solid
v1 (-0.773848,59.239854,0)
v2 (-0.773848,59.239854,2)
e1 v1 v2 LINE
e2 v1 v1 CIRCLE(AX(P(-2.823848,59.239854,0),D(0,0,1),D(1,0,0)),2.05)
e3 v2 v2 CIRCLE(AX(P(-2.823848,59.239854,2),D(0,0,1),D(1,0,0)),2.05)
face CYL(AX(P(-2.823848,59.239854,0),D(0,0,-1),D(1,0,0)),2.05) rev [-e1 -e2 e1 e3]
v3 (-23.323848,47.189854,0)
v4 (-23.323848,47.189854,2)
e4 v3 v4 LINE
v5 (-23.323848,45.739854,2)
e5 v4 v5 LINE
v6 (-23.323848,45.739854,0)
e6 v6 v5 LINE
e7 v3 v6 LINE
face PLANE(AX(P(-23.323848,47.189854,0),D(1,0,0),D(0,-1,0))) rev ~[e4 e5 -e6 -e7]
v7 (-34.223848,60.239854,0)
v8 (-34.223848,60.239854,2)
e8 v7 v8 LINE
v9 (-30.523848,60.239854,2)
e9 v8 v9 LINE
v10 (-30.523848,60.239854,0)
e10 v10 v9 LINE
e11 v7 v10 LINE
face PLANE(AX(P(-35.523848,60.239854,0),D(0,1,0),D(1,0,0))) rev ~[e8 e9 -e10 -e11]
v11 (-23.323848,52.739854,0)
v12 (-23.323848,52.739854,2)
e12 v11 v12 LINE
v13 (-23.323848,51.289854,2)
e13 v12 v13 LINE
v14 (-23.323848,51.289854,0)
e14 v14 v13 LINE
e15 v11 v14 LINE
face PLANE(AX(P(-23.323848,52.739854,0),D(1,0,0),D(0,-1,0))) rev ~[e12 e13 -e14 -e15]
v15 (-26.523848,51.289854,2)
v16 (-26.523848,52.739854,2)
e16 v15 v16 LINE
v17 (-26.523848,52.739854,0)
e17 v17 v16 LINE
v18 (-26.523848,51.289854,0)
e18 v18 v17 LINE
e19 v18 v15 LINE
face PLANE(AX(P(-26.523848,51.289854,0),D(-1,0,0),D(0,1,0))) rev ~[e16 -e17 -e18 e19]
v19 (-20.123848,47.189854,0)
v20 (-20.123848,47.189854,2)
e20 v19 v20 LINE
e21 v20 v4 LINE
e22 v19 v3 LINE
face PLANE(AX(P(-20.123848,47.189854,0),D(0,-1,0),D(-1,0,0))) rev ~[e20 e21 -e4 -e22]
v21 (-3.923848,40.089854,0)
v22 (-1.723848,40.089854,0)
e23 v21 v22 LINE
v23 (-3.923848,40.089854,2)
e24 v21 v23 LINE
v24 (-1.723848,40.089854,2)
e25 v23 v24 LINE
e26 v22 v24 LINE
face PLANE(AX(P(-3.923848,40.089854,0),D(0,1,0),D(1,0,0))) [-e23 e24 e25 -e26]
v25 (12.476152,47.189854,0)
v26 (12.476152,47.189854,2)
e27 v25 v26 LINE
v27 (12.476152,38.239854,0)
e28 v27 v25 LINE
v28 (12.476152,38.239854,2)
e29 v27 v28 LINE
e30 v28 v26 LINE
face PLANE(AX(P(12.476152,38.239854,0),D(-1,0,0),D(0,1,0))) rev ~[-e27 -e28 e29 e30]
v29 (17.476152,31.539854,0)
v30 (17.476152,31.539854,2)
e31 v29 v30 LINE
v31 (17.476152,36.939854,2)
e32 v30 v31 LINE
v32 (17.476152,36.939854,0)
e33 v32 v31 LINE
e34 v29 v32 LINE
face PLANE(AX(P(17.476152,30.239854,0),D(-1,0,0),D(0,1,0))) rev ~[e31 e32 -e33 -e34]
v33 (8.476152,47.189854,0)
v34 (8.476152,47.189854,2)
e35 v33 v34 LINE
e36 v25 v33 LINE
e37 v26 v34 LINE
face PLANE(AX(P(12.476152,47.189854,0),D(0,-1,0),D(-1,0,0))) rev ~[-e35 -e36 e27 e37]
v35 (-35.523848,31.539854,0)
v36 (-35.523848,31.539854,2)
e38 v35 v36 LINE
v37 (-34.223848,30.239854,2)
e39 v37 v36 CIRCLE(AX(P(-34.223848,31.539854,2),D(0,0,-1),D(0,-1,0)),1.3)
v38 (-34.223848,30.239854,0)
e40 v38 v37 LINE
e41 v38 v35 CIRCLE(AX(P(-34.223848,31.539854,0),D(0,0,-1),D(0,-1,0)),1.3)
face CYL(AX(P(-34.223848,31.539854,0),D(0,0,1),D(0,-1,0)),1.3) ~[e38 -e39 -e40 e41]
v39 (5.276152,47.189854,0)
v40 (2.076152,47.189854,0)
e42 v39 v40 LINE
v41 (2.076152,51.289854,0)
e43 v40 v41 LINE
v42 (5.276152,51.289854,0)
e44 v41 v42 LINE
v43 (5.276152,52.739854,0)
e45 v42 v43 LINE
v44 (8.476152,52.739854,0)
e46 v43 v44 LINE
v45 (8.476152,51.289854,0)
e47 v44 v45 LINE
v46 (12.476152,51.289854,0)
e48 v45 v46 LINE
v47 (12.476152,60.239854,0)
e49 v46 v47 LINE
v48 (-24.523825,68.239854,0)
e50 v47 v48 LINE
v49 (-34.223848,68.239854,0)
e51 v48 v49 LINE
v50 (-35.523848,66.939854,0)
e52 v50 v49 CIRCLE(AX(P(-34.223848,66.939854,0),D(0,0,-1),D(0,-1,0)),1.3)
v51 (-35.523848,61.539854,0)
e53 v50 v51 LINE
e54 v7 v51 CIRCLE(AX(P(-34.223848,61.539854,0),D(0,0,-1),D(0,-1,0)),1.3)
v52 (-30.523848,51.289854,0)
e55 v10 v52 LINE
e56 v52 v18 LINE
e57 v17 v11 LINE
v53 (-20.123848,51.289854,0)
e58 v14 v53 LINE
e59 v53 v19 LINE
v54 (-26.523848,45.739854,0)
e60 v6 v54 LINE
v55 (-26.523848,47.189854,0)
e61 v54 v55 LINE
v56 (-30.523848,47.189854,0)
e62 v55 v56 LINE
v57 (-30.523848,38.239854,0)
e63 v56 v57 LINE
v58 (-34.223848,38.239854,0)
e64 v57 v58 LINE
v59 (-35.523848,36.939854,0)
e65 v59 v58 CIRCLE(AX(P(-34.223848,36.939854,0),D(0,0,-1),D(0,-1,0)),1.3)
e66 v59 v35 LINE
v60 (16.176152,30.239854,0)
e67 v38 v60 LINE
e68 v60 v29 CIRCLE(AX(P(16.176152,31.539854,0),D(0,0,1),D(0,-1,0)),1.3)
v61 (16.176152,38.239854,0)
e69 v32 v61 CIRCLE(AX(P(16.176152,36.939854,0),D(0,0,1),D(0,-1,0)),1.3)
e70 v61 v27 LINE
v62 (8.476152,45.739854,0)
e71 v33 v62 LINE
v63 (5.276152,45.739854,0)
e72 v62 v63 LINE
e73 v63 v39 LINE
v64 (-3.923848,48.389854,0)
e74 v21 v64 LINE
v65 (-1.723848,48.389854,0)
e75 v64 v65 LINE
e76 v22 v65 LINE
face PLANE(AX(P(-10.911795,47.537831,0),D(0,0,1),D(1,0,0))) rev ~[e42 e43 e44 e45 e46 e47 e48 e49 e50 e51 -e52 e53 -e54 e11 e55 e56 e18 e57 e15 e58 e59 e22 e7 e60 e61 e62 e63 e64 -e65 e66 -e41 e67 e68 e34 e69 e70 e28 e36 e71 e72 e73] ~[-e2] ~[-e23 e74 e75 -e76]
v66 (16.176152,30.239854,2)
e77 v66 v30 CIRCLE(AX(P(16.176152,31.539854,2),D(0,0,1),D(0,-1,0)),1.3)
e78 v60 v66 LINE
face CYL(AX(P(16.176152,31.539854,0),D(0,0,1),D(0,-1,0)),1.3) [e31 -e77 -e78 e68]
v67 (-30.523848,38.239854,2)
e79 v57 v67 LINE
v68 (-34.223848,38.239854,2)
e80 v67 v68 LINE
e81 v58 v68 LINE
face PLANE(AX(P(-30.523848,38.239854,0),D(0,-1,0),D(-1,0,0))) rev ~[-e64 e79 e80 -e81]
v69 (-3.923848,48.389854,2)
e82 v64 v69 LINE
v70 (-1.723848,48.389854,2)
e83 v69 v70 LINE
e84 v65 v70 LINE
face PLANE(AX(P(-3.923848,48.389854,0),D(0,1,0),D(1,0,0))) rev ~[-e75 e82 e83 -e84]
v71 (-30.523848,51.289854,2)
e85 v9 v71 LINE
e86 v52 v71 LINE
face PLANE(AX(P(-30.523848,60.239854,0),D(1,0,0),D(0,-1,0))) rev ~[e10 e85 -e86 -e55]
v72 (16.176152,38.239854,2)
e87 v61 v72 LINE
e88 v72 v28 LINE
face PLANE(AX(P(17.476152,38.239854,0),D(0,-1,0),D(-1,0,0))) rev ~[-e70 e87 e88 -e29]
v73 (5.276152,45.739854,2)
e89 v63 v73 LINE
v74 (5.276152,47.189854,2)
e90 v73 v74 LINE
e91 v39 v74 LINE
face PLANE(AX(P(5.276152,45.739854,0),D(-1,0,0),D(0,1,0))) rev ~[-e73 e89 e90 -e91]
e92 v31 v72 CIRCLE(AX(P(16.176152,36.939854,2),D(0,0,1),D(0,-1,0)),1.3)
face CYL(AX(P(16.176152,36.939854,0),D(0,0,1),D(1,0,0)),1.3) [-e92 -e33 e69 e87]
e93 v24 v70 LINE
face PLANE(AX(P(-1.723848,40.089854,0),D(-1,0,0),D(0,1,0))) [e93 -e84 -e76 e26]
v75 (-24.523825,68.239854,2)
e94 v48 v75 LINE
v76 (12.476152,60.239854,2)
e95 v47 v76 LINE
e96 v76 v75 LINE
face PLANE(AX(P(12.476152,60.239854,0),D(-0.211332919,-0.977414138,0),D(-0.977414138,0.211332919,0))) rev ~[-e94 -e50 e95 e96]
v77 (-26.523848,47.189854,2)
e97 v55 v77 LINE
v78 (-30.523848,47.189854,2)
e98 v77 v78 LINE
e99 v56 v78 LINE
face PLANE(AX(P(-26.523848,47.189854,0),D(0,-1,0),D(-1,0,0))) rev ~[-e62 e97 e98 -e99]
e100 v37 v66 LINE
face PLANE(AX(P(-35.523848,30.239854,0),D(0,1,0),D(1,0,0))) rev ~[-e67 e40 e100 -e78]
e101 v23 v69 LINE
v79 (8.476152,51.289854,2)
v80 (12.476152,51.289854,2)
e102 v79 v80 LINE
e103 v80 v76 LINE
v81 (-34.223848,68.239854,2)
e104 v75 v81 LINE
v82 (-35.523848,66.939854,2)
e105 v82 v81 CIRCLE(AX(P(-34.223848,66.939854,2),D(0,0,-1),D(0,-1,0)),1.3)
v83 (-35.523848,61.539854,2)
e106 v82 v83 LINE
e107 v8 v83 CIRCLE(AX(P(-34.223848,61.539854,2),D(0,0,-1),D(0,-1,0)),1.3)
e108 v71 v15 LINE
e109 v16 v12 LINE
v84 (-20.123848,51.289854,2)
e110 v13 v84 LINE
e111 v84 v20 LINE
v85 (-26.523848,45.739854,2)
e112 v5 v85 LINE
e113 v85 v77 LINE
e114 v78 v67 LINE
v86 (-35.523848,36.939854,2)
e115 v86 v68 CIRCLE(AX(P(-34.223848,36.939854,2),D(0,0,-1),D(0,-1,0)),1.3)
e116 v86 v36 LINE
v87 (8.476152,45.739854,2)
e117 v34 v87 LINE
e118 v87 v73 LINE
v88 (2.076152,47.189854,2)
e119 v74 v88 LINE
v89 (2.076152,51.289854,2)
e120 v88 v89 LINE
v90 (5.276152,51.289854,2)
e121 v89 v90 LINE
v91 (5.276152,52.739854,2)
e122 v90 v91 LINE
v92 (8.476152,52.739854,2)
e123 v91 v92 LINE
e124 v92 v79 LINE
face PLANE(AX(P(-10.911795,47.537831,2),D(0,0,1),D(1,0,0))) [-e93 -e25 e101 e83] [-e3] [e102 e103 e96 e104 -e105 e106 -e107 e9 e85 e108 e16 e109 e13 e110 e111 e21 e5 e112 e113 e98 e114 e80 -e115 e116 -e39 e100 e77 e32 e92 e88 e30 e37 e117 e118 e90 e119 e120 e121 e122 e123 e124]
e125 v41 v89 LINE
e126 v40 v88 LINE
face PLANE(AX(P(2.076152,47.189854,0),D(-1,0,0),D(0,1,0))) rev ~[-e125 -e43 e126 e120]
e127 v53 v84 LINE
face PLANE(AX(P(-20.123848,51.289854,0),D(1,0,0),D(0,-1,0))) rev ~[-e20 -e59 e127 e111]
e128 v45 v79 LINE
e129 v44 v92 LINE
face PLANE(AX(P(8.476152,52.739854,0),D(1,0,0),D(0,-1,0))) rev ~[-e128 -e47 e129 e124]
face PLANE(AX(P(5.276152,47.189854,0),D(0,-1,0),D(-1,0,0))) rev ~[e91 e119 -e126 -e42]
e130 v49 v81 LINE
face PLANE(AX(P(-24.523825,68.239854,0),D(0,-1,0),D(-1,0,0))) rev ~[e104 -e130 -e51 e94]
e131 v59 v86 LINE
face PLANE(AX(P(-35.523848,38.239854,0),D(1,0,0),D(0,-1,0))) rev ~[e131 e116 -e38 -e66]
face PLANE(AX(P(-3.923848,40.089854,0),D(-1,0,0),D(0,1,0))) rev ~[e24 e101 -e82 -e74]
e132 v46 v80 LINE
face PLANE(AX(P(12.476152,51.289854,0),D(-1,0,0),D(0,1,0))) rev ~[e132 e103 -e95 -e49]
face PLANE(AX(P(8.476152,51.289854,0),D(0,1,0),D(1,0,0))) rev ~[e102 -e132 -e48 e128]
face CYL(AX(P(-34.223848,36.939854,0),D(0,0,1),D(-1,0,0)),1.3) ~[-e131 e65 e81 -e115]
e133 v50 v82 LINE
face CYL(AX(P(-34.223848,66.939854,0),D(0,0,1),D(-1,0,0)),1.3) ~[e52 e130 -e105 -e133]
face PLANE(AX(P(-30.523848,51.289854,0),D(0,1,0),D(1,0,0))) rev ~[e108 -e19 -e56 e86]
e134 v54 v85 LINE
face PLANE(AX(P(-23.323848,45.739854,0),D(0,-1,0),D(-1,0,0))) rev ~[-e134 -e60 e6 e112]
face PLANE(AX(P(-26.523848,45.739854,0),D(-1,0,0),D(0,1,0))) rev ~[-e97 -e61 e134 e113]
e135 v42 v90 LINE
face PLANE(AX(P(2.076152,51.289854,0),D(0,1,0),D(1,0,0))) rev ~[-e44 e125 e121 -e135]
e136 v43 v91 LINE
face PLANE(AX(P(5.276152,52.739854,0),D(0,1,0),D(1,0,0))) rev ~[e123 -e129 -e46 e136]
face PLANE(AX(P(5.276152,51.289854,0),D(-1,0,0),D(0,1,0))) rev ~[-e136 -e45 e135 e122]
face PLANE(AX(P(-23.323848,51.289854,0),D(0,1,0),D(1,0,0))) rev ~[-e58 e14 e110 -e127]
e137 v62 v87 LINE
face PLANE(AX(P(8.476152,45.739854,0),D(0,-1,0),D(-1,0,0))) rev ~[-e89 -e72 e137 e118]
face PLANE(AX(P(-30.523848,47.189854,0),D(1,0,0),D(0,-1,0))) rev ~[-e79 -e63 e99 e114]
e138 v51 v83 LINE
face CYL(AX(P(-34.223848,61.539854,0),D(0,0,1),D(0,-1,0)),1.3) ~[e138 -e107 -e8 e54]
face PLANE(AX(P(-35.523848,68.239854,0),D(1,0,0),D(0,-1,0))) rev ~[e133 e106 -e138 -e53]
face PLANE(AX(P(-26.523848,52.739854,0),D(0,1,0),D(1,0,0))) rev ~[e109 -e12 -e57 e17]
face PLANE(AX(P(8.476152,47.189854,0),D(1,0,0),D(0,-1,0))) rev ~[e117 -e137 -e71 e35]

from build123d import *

# Parameters (mm, degrees)
SKETCH_1_R      = 2.05
SKETCH_1_W      = 2.2
SKETCH_1_H      = 8.3
EXTRUDE_1_DEPTH = 2
FILLET_1_R      = 1.3


with BuildPart() as part:
    # 草图1 → 凸台-拉伸1 (new body)
    with BuildSketch(Plane.XY):
        Polygon((-35.523848217, 30.239854129), (-30.523848217, 30.239854129), (12.476151783, 30.239854129), (17.476151783, 30.239854129), (17.476151783, 38.239854129), (12.476151783, 38.239854129), (12.476151783, 47.189854129), (8.476151783, 47.189854129), (8.476151783, 45.739854129), (5.276151783, 45.739854129), (5.276151783, 47.189854129), (2.076151783, 47.189854129), (2.076151783, 51.289854129), (5.276151783, 51.289854129), (5.276151783, 52.739854129), (8.476151783, 52.739854129), (8.476151783, 51.289854129), (12.476151783, 51.289854129), (12.476151783, 60.239854129), (-24.523824953, 68.239854129), (-30.523848217, 68.239854129), (-35.523848217, 68.239854129), (-35.523848217, 60.239854129), (-30.523848217, 60.239854129), (-30.523848217, 51.289854129), (-26.523848217, 51.289854129), (-26.523848217, 52.739854129), (-23.323848217, 52.739854129), (-23.323848217, 51.289854129), (-20.123848217, 51.289854129), (-20.123848217, 47.189854129), (-23.323848217, 47.189854129), (-23.323848217, 45.739854129), (-26.523848217, 45.739854129), (-26.523848217, 47.189854129), (-30.523848217, 47.189854129), (-30.523848217, 38.239854129), (-35.523848217, 38.239854129), align=None)
        with Locations((-2.823848217, 59.239854129)):
            Circle(SKETCH_1_R, mode=Mode.SUBTRACT)
        with Locations((-2.823848217, 44.239854129)):
            Rectangle(SKETCH_1_W, SKETCH_1_H, mode=Mode.SUBTRACT)
    extrude(amount=EXTRUDE_1_DEPTH)

    # 圆角1
    fillet_1_edges = [part.edges().sort_by_distance(p)[0] for p in [
        (-35.523848217, 60.239854129, 1),
        (-35.523848217, 68.239854129, 1),
        (17.476151783, 38.239854129, 1),
        (17.476151783, 30.239854129, 1),
        (-35.523848217, 30.239854129, 1),
        (-35.523848217, 38.239854129, 1),
    ]]
    fillet(fillet_1_edges, radius=FILLET_1_R)


solid = part.part
